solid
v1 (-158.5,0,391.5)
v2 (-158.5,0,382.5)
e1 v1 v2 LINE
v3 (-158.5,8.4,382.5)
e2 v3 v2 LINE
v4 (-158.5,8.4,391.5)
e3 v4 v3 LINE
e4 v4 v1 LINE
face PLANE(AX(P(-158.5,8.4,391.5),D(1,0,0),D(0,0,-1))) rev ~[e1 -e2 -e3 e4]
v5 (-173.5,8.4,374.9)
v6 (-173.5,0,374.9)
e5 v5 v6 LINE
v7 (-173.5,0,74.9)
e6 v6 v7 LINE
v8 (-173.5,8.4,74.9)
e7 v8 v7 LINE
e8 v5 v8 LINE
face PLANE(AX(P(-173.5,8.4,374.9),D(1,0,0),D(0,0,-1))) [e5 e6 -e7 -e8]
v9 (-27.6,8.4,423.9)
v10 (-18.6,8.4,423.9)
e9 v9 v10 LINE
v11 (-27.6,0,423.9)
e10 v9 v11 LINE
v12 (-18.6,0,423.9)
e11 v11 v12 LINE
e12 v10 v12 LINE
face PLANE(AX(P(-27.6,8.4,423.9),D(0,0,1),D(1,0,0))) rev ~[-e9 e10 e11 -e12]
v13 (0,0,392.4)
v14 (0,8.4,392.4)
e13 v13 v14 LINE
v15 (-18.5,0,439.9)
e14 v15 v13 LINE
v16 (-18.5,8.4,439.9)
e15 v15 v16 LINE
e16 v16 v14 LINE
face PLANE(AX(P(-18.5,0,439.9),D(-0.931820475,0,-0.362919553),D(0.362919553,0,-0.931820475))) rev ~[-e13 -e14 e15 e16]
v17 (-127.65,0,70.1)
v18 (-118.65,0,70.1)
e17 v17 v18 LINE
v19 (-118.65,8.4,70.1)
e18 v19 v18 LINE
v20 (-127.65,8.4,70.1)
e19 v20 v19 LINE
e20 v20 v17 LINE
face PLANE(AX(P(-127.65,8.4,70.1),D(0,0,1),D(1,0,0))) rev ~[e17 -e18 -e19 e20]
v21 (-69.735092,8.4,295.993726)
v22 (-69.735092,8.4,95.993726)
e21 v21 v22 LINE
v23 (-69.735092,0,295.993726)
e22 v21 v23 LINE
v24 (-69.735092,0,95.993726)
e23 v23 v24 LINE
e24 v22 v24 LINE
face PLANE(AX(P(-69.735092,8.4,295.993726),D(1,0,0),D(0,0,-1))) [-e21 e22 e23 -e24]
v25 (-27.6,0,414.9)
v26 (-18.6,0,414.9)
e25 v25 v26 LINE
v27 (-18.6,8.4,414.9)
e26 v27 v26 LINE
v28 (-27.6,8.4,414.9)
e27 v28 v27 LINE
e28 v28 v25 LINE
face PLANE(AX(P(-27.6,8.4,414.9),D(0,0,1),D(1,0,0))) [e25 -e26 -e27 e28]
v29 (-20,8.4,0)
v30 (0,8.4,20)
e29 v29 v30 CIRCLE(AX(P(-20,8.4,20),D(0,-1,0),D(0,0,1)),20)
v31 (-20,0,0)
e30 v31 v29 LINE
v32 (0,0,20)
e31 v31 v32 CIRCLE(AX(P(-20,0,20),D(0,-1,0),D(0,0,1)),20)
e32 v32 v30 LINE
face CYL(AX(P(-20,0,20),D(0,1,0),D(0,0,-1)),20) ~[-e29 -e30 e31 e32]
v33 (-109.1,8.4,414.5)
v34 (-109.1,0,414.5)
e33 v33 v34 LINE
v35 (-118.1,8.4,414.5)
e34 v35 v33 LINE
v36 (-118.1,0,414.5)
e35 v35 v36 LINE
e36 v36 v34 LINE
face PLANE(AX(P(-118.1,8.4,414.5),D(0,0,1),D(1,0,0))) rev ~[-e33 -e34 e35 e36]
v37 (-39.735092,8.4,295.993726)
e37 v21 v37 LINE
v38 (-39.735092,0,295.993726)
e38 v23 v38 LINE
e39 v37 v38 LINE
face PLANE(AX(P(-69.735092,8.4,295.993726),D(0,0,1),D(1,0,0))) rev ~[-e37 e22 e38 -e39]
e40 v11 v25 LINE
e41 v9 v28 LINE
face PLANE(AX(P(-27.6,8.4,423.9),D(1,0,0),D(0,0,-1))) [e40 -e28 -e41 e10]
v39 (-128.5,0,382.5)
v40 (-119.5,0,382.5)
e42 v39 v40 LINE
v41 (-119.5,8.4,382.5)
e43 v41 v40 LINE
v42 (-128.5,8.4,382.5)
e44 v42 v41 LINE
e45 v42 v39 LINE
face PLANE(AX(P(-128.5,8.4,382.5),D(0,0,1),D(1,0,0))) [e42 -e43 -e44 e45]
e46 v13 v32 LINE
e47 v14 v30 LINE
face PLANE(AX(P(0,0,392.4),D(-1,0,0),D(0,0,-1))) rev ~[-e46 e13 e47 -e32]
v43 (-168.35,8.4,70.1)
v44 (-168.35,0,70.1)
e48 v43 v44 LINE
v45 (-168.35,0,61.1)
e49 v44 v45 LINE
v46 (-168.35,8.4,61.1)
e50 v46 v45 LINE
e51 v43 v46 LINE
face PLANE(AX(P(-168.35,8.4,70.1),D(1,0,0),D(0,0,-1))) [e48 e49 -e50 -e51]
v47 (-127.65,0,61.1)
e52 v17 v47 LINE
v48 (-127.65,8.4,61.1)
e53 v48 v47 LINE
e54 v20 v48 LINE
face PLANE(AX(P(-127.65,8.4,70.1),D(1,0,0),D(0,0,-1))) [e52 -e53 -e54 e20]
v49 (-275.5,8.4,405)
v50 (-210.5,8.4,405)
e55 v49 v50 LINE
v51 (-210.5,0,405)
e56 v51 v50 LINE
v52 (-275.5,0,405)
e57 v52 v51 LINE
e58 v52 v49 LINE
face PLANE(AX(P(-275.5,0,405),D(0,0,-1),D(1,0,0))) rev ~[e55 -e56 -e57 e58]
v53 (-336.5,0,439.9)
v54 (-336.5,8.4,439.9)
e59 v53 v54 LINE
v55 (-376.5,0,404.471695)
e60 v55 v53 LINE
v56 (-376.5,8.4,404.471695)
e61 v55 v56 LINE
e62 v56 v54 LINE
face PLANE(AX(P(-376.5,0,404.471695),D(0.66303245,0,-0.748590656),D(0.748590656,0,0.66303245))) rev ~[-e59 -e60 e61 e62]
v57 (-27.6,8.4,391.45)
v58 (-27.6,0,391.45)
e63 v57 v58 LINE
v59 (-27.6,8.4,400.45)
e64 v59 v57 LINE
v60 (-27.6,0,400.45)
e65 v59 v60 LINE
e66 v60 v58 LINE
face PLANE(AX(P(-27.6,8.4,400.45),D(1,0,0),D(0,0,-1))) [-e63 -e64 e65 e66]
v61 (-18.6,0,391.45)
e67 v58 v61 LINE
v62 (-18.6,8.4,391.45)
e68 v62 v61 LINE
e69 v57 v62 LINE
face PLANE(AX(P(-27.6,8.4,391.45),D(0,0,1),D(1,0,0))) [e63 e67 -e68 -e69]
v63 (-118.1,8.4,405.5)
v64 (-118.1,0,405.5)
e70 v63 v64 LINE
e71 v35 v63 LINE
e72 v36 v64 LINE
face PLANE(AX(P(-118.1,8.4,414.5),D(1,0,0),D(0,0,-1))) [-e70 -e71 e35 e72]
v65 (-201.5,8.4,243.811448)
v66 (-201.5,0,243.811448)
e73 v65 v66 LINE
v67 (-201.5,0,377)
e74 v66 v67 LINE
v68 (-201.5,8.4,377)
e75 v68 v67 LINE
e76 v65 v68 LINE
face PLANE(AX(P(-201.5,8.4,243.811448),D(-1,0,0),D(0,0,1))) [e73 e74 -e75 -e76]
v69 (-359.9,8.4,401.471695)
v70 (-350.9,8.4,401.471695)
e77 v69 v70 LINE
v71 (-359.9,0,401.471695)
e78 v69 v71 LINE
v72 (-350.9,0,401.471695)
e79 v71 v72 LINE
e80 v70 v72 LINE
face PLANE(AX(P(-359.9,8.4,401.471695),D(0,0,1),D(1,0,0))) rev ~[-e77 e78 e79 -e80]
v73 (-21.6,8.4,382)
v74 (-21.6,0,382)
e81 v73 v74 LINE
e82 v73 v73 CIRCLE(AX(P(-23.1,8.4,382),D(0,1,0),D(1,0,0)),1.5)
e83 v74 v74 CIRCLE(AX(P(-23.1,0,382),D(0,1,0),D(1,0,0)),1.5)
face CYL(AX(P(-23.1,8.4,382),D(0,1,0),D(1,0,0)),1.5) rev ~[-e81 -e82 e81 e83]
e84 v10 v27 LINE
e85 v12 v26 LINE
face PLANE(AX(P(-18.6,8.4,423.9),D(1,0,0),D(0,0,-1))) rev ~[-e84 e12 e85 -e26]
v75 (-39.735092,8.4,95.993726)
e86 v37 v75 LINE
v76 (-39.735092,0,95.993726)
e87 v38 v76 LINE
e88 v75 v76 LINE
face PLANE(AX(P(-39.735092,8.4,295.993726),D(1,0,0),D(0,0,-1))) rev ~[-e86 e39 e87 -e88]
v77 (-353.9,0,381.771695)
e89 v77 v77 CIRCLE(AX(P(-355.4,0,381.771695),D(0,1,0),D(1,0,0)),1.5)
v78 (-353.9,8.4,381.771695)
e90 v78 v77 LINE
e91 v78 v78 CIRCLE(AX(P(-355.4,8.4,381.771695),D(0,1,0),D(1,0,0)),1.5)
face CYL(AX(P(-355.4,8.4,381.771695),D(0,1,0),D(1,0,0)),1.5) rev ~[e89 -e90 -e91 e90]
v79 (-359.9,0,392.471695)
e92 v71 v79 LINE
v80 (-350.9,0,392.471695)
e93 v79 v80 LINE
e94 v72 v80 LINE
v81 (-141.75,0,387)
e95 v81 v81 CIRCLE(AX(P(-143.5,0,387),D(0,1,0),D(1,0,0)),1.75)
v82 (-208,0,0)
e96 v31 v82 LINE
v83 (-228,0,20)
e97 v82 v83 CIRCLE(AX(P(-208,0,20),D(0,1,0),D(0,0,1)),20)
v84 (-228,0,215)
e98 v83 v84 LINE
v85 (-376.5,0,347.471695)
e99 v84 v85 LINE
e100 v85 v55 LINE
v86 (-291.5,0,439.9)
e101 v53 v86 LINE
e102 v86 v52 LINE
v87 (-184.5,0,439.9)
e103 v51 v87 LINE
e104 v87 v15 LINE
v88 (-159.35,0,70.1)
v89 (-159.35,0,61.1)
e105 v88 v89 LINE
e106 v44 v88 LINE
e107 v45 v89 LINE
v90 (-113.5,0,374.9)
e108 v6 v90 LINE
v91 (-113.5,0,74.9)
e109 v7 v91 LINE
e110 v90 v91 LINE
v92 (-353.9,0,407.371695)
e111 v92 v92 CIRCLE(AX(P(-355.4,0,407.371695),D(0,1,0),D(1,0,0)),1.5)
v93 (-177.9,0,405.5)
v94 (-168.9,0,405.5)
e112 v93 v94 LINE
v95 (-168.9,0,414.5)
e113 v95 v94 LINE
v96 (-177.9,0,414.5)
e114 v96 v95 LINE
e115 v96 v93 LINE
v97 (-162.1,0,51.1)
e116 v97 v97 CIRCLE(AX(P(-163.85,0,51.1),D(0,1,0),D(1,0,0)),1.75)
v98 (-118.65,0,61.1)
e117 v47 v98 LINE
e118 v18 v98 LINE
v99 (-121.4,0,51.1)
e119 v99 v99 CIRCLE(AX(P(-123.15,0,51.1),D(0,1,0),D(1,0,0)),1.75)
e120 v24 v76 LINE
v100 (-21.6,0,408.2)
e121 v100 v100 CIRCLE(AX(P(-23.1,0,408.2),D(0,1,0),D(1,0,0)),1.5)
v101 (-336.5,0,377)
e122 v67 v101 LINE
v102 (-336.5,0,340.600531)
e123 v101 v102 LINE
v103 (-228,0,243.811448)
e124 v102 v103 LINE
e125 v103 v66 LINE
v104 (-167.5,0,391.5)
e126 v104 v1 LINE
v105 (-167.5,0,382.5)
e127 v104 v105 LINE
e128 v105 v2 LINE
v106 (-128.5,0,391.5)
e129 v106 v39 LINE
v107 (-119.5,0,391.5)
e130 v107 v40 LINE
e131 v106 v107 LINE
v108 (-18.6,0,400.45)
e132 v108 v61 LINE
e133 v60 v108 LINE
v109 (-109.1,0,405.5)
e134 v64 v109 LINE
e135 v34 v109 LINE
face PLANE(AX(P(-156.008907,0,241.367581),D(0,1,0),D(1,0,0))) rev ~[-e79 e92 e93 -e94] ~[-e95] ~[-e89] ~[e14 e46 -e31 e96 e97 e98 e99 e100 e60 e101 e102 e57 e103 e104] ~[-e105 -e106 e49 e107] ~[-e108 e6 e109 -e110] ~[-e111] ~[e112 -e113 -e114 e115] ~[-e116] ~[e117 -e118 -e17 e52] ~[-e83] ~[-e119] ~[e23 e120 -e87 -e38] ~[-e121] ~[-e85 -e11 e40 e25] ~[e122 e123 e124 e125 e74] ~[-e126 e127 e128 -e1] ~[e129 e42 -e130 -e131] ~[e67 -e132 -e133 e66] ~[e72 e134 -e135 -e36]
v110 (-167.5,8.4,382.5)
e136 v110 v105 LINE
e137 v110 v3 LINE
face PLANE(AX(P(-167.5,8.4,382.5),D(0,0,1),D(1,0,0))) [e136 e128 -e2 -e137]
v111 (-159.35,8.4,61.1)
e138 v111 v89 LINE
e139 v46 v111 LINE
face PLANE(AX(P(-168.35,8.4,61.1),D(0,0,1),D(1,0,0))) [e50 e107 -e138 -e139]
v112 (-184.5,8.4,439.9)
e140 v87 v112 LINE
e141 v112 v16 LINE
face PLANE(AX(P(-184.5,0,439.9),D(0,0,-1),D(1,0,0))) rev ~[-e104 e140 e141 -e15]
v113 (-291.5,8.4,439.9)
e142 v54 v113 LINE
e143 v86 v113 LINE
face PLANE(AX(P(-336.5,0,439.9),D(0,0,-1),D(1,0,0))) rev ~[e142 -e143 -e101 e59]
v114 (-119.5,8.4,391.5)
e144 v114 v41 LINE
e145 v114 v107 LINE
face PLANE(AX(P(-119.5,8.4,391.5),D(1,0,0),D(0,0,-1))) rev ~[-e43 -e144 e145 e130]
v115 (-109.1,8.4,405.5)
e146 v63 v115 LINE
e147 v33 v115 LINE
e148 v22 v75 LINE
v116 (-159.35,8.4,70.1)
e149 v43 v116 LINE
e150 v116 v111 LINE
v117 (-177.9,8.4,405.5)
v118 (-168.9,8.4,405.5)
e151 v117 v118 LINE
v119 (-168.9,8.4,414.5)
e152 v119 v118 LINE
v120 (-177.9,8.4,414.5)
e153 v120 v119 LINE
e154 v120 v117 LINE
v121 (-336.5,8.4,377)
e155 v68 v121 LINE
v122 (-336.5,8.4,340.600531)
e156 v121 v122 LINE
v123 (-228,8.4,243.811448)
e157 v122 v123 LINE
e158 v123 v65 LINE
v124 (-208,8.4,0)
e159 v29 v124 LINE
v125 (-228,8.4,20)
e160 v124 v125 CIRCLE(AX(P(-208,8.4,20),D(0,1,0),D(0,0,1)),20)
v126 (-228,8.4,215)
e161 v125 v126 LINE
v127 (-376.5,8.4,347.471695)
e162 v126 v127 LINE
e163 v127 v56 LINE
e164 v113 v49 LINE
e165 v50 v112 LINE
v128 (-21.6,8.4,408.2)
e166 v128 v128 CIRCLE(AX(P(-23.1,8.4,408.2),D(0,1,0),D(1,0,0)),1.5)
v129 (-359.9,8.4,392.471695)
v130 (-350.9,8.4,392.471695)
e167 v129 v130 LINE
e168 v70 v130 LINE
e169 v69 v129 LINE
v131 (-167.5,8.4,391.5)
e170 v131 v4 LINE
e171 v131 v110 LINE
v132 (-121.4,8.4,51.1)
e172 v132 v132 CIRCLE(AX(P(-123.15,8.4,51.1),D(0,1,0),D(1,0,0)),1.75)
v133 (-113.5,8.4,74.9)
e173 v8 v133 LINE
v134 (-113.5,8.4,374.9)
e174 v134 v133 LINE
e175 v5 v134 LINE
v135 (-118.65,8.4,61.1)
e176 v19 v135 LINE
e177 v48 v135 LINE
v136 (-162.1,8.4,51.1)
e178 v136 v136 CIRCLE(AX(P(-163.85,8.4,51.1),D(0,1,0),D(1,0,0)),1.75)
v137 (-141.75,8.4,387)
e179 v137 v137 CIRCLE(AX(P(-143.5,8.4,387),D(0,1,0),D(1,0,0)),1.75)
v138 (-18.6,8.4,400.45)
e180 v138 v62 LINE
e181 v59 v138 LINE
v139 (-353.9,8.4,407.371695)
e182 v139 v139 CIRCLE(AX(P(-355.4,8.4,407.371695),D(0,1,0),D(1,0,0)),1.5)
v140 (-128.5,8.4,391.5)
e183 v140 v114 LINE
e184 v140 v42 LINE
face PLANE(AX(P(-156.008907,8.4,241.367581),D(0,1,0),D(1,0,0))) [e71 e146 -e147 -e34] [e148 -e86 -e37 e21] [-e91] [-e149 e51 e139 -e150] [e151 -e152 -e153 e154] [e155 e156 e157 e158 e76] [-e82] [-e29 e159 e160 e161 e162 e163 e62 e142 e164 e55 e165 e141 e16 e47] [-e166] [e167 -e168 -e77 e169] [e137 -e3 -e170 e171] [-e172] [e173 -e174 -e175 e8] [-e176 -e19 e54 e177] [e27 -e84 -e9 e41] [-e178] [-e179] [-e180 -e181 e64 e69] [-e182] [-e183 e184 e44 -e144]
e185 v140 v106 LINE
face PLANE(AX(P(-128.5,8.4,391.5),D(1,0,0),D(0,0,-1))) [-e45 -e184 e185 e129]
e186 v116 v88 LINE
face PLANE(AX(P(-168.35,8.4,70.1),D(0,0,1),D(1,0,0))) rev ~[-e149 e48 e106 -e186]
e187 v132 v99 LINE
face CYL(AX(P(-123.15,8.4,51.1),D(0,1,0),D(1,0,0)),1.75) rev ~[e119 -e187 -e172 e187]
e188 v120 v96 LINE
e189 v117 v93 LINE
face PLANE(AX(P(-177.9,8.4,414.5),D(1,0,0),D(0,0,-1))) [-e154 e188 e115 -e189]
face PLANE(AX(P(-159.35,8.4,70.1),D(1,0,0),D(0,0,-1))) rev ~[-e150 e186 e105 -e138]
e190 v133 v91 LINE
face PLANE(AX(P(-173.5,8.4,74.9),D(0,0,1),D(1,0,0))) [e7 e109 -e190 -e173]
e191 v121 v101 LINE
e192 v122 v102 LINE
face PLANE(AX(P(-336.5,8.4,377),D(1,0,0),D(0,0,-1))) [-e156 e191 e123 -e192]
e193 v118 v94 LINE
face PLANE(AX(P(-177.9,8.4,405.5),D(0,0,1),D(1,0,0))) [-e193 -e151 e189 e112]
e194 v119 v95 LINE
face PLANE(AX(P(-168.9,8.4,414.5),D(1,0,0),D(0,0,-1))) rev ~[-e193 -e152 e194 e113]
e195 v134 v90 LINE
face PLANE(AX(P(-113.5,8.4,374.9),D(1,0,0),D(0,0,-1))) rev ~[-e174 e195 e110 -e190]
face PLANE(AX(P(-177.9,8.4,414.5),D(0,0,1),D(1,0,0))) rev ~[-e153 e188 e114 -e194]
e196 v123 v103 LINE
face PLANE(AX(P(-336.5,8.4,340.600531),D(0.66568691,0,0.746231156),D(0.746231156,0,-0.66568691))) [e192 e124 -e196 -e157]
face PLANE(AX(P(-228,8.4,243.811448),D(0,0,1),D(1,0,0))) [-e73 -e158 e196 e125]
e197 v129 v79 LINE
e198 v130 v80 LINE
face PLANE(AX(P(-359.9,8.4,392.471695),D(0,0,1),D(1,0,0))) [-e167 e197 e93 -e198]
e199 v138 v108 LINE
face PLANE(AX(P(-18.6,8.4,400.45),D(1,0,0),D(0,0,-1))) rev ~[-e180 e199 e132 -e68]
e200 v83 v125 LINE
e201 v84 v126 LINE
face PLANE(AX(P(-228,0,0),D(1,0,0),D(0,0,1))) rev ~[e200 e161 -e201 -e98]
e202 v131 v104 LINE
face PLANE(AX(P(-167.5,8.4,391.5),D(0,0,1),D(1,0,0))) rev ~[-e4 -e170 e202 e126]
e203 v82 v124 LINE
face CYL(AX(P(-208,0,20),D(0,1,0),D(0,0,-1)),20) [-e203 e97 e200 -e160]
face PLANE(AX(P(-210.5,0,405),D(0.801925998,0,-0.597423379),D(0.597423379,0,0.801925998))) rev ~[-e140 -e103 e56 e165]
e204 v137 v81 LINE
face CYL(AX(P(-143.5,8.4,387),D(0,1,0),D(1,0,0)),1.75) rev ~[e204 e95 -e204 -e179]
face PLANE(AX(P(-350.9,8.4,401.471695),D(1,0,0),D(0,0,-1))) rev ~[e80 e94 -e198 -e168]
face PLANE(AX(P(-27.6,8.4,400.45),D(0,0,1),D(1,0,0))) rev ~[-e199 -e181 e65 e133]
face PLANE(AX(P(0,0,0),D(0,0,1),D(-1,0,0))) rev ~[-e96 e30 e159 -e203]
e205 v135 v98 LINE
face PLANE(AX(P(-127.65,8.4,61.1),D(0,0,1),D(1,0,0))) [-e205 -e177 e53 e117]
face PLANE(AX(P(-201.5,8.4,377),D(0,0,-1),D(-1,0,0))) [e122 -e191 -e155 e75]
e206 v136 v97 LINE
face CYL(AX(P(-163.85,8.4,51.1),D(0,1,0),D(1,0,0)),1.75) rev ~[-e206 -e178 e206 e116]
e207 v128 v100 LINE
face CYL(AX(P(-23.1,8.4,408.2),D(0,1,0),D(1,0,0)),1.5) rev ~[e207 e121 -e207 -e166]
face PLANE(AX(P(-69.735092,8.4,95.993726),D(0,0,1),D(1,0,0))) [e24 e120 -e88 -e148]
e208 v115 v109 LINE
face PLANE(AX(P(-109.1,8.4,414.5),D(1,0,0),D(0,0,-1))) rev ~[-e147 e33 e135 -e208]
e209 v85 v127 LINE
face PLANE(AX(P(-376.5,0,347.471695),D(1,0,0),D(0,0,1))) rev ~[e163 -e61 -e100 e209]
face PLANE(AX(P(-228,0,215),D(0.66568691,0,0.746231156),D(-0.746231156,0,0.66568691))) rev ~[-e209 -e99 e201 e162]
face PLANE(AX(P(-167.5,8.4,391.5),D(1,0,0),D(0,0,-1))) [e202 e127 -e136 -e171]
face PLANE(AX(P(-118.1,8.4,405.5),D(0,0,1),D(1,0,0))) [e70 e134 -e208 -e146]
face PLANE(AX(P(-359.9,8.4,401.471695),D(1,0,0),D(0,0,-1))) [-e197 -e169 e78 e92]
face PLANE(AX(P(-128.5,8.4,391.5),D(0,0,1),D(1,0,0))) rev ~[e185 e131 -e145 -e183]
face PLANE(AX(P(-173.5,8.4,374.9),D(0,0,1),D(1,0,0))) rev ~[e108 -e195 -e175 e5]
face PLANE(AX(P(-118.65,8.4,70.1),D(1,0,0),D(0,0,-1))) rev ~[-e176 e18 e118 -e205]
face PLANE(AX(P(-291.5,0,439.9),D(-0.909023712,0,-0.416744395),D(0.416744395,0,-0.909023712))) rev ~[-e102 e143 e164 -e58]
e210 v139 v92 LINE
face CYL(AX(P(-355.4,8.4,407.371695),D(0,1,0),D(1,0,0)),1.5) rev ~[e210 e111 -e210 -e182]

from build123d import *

# Parameters (mm, degrees)
BOSS_EXTRUDE1_DEPTH = 8.4
SKETCH2_R           = 1.5
SKETCH2_R_2         = 1.75
SKETCH2_W           = 60
SKETCH2_H           = 300
SKETCH2_W_2         = 9
SKETCH2_H_2         = 9
CUT_EXTRUDE1_DEPTH  = 9.4
FILLET1_R           = 20
SKETCH4_W           = 30
SKETCH4_H           = 200
CUT_EXTRUDE3_DEPTH  = 9.4


with BuildPart() as part:
    # Sketch1 → Boss-Extrude1 (new body)
    with BuildSketch(Plane(origin=(0, 0, 0), x_dir=(1, 0, 0), z_dir=(0, 1, 0))):
        Polygon((0, 0), (-228, 0), (-228, -215), (-376.5, -347.47169509), (-376.5, -404.47169509), (-336.5, -439.9), (-291.5, -439.9), (-275.5, -405), (-210.5, -405), (-184.5, -439.9), (-18.5, -439.9), (0, -392.4), align=None)
    extrude(amount=BOSS_EXTRUDE1_DEPTH)

    # Sketch2 → Cut-Extrude1 (cut, through all)
    with BuildSketch(Plane(origin=(0, 8.4, 0), x_dir=(1, 0, 0), z_dir=(0, 1, 0))):
        with Locations((-23.1, -408.2)):
            Circle(SKETCH2_R)
        with Locations((-23.1, -382)):
            Circle(SKETCH2_R)
        with Locations((-355.4, -407.37169509)):
            Circle(SKETCH2_R)
        with Locations((-355.4, -381.77169509)):
            Circle(SKETCH2_R)
        with Locations((-163.85, -51.1)):
            Circle(SKETCH2_R_2)
        with Locations((-123.15, -51.1)):
            Circle(SKETCH2_R_2)
        with Locations((-143.5, -387)):
            Circle(SKETCH2_R_2)
        Polygon((-336.5, -340.600531429), (-228, -243.811447811), (-201.5, -243.811447811), (-201.5, -377), (-336.5, -377), align=None)
        with Locations((-143.5, -224.9)):
            Rectangle(SKETCH2_W, SKETCH2_H)
        with Locations((-23.1, -419.4)):
            Rectangle(SKETCH2_W_2, SKETCH2_H_2)
        with Locations((-23.1, -395.95)):
            Rectangle(SKETCH2_W_2, SKETCH2_H_2)
        with Locations((-355.4, -396.97169509)):
            Rectangle(SKETCH2_W_2, SKETCH2_H_2)
        with Locations((-163.85, -65.6)):
            Rectangle(SKETCH2_W_2, SKETCH2_H_2)
        with Locations((-123.15, -65.6)):
            Rectangle(SKETCH2_W_2, SKETCH2_H_2)
        with Locations((-163, -387)):
            Rectangle(SKETCH2_W_2, SKETCH2_H_2)
        with Locations((-124, -387)):
            Rectangle(SKETCH2_W_2, SKETCH2_H_2)
        with Locations((-173.4, -410)):
            Rectangle(SKETCH2_W_2, SKETCH2_H_2)
        with Locations((-113.6, -410)):
            Rectangle(SKETCH2_W_2, SKETCH2_H_2)
    extrude(amount=-CUT_EXTRUDE1_DEPTH, mode=Mode.SUBTRACT)

    # Fillet1
    fillet1_edges = [part.edges().sort_by_distance(p)[0] for p in [
        (-228, 4.2, 0),
        (0, 4.2, 0),
    ]]
    fillet(fillet1_edges, radius=FILLET1_R)

    # Sketch4 → Cut-Extrude3 (cut, through all)
    with BuildSketch(Plane(origin=(0, 8.4, 0), x_dir=(1, 0, 0), z_dir=(0, 1, 0))):
        with Locations((-54.735091888, -195.993725651)):
            Rectangle(SKETCH4_W, SKETCH4_H)
    extrude(amount=-CUT_EXTRUDE3_DEPTH, mode=Mode.SUBTRACT)


solid = part.part
